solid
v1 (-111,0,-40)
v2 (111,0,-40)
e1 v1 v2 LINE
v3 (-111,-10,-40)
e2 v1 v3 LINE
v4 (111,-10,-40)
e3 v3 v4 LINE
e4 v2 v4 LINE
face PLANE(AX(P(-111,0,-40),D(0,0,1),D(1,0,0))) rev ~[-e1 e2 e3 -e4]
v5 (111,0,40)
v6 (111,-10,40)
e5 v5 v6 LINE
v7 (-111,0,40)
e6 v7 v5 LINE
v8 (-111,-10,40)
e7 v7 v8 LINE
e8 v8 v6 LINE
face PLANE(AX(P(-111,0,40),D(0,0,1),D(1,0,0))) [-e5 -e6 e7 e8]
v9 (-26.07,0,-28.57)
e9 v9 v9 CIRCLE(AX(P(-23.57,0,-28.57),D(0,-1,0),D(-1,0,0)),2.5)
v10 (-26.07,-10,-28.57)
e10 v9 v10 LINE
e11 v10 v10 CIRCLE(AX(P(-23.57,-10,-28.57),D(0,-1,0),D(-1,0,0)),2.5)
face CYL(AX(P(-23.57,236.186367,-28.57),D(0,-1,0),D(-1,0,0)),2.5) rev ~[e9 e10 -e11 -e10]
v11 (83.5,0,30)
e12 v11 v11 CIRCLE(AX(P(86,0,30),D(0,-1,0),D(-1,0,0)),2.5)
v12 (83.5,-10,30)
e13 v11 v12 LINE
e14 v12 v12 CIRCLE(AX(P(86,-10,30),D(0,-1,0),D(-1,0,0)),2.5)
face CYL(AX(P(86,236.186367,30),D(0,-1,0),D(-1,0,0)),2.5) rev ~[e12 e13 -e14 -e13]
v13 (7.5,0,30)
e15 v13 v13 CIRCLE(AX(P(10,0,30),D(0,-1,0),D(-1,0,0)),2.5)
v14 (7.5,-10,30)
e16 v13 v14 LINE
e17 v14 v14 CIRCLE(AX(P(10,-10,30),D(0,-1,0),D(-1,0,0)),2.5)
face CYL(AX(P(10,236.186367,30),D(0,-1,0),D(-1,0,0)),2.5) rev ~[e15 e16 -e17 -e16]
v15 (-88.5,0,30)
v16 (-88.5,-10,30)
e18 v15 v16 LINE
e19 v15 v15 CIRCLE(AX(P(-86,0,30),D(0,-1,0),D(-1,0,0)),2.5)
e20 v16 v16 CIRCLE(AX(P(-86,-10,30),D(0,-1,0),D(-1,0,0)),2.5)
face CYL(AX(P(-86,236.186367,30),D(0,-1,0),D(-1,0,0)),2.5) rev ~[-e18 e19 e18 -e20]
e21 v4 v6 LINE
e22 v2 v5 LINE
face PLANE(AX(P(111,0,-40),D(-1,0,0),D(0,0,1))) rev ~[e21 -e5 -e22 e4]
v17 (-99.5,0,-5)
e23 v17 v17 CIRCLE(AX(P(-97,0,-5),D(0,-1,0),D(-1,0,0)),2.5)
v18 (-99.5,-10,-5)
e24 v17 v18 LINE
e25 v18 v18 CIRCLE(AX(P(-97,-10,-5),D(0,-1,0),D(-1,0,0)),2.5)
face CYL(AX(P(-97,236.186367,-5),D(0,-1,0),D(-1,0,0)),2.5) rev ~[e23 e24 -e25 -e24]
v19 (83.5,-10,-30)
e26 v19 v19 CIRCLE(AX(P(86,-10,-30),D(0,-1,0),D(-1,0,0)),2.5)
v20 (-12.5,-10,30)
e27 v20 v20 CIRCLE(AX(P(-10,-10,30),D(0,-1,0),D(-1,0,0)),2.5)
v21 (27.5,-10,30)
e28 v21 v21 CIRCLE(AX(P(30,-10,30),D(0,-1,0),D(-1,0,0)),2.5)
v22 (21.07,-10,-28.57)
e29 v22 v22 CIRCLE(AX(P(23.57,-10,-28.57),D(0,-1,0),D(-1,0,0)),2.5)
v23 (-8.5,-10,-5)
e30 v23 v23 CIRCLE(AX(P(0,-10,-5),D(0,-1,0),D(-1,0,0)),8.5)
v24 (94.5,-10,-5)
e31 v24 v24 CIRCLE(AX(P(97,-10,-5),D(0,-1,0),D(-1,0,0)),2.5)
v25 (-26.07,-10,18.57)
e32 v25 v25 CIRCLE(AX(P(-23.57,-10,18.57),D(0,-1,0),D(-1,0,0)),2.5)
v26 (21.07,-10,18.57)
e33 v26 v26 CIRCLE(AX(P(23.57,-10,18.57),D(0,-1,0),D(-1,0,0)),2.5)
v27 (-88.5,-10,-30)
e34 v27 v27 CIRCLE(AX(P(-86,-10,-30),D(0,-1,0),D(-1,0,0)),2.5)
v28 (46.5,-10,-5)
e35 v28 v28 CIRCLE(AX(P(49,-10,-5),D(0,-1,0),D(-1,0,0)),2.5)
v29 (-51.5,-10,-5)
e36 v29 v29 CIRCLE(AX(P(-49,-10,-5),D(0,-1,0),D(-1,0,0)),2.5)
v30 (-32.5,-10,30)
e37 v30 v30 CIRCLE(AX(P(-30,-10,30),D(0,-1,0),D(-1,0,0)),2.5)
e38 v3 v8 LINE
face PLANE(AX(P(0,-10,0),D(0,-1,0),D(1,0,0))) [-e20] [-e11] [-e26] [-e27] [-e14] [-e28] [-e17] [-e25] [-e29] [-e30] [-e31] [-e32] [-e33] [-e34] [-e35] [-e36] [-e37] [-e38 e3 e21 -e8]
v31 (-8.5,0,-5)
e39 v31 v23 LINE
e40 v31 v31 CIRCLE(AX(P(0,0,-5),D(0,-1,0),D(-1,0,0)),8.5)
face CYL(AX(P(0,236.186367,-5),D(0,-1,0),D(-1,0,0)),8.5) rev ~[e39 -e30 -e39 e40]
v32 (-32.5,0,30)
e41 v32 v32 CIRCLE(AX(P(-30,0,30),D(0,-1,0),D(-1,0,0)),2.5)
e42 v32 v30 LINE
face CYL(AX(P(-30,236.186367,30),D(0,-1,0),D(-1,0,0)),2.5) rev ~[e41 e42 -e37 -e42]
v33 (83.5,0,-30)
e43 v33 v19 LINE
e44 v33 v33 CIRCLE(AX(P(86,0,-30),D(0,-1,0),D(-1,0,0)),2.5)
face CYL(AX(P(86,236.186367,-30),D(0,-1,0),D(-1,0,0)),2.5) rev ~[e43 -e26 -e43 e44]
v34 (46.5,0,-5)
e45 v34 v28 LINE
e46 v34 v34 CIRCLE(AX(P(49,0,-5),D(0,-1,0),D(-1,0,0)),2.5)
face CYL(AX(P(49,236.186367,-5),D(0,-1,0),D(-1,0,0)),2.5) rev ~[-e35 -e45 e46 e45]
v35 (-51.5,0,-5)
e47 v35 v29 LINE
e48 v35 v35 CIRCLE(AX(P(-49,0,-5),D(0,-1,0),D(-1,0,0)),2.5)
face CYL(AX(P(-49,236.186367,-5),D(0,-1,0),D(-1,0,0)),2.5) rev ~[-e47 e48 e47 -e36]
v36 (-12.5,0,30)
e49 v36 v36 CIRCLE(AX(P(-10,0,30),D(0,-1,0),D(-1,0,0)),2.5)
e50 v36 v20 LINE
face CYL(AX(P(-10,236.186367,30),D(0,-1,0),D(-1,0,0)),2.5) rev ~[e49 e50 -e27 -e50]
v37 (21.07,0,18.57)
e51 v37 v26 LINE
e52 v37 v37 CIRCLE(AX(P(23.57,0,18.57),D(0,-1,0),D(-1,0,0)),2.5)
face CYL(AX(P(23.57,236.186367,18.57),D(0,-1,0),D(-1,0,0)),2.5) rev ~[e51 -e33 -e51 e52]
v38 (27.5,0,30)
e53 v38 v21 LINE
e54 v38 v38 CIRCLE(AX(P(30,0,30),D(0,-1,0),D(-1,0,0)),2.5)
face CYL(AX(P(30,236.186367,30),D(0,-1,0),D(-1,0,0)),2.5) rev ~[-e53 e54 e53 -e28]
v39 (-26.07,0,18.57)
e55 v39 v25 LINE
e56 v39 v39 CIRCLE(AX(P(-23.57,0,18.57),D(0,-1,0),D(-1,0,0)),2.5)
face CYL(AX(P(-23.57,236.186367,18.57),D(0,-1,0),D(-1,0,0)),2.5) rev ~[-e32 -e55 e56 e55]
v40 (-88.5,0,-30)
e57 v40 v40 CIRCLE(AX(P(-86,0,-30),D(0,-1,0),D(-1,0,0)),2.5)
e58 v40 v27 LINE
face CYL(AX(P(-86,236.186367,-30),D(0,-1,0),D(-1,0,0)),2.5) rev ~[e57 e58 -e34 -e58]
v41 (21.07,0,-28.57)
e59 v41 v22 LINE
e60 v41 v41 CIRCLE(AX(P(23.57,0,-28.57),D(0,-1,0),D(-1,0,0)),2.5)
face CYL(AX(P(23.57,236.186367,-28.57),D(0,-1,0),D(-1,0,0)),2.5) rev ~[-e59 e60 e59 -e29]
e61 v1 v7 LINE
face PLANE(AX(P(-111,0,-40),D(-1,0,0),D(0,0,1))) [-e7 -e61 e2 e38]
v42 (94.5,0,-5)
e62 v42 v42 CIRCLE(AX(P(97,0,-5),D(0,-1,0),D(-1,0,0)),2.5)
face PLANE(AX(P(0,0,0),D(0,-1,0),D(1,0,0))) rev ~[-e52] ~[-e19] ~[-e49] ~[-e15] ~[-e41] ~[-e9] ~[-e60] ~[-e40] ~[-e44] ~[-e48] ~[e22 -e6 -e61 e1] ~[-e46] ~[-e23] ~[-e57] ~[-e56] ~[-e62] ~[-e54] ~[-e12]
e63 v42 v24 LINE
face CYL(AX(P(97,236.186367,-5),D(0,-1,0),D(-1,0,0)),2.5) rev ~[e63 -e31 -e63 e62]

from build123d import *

# Parameters (mm, degrees)
F0_W     = 222
F0_H     = 80
F1_DEPTH = 10
F2_D     = 5
F3_D     = 17
F4_D     = 5
F5_D     = 5
F6_D     = 5


with BuildPart() as f1:
    # F0 (on Front) → F1 (new body)
    with BuildSketch(Plane.XZ):
        Rectangle(F0_W, F0_H)
    extrude(amount=F1_DEPTH)

    # F2 (through all)
    with Locations(Plane(origin=(0, 0, 0), x_dir=(1, 0, 0), z_dir=(0, 1, 0))):
        with Locations((97, 5), (49, 5), (-49, 5), (-97, 5)):
            Hole(F2_D / 2)

    # F3 (through all)
    with Locations(Plane(origin=(0, 0, 0), x_dir=(1, 0, 0), z_dir=(0, 1, 0))):
        with Locations((0, 5)):
            Hole(F3_D / 2)

    # F4 (through all)
    with Locations(Plane(origin=(0, 0, 0), x_dir=(1, 0, 0), z_dir=(0, 1, 0))):
        with Locations((-86, -30), (-86, 30), (86, 30), (86, -30)):
            Hole(F4_D / 2)

    # F5 (through all)
    with Locations(Plane(origin=(0, 0, 0), x_dir=(1, 0, 0), z_dir=(0, 1, 0))):
        with Locations((-30, -30), (-10, -30), (10, -30), (30, -30)):
            Hole(F5_D / 2)

    # F6 (through all)
    with Locations(Plane(origin=(0, 0, 0), x_dir=(1, 0, 0), z_dir=(0, 1, 0))):
        with Locations((-23.57, -18.57), (23.57, -18.57), (23.57, 28.57), (-23.57, 28.57)):
            Hole(F6_D / 2)


solid = f1.part
